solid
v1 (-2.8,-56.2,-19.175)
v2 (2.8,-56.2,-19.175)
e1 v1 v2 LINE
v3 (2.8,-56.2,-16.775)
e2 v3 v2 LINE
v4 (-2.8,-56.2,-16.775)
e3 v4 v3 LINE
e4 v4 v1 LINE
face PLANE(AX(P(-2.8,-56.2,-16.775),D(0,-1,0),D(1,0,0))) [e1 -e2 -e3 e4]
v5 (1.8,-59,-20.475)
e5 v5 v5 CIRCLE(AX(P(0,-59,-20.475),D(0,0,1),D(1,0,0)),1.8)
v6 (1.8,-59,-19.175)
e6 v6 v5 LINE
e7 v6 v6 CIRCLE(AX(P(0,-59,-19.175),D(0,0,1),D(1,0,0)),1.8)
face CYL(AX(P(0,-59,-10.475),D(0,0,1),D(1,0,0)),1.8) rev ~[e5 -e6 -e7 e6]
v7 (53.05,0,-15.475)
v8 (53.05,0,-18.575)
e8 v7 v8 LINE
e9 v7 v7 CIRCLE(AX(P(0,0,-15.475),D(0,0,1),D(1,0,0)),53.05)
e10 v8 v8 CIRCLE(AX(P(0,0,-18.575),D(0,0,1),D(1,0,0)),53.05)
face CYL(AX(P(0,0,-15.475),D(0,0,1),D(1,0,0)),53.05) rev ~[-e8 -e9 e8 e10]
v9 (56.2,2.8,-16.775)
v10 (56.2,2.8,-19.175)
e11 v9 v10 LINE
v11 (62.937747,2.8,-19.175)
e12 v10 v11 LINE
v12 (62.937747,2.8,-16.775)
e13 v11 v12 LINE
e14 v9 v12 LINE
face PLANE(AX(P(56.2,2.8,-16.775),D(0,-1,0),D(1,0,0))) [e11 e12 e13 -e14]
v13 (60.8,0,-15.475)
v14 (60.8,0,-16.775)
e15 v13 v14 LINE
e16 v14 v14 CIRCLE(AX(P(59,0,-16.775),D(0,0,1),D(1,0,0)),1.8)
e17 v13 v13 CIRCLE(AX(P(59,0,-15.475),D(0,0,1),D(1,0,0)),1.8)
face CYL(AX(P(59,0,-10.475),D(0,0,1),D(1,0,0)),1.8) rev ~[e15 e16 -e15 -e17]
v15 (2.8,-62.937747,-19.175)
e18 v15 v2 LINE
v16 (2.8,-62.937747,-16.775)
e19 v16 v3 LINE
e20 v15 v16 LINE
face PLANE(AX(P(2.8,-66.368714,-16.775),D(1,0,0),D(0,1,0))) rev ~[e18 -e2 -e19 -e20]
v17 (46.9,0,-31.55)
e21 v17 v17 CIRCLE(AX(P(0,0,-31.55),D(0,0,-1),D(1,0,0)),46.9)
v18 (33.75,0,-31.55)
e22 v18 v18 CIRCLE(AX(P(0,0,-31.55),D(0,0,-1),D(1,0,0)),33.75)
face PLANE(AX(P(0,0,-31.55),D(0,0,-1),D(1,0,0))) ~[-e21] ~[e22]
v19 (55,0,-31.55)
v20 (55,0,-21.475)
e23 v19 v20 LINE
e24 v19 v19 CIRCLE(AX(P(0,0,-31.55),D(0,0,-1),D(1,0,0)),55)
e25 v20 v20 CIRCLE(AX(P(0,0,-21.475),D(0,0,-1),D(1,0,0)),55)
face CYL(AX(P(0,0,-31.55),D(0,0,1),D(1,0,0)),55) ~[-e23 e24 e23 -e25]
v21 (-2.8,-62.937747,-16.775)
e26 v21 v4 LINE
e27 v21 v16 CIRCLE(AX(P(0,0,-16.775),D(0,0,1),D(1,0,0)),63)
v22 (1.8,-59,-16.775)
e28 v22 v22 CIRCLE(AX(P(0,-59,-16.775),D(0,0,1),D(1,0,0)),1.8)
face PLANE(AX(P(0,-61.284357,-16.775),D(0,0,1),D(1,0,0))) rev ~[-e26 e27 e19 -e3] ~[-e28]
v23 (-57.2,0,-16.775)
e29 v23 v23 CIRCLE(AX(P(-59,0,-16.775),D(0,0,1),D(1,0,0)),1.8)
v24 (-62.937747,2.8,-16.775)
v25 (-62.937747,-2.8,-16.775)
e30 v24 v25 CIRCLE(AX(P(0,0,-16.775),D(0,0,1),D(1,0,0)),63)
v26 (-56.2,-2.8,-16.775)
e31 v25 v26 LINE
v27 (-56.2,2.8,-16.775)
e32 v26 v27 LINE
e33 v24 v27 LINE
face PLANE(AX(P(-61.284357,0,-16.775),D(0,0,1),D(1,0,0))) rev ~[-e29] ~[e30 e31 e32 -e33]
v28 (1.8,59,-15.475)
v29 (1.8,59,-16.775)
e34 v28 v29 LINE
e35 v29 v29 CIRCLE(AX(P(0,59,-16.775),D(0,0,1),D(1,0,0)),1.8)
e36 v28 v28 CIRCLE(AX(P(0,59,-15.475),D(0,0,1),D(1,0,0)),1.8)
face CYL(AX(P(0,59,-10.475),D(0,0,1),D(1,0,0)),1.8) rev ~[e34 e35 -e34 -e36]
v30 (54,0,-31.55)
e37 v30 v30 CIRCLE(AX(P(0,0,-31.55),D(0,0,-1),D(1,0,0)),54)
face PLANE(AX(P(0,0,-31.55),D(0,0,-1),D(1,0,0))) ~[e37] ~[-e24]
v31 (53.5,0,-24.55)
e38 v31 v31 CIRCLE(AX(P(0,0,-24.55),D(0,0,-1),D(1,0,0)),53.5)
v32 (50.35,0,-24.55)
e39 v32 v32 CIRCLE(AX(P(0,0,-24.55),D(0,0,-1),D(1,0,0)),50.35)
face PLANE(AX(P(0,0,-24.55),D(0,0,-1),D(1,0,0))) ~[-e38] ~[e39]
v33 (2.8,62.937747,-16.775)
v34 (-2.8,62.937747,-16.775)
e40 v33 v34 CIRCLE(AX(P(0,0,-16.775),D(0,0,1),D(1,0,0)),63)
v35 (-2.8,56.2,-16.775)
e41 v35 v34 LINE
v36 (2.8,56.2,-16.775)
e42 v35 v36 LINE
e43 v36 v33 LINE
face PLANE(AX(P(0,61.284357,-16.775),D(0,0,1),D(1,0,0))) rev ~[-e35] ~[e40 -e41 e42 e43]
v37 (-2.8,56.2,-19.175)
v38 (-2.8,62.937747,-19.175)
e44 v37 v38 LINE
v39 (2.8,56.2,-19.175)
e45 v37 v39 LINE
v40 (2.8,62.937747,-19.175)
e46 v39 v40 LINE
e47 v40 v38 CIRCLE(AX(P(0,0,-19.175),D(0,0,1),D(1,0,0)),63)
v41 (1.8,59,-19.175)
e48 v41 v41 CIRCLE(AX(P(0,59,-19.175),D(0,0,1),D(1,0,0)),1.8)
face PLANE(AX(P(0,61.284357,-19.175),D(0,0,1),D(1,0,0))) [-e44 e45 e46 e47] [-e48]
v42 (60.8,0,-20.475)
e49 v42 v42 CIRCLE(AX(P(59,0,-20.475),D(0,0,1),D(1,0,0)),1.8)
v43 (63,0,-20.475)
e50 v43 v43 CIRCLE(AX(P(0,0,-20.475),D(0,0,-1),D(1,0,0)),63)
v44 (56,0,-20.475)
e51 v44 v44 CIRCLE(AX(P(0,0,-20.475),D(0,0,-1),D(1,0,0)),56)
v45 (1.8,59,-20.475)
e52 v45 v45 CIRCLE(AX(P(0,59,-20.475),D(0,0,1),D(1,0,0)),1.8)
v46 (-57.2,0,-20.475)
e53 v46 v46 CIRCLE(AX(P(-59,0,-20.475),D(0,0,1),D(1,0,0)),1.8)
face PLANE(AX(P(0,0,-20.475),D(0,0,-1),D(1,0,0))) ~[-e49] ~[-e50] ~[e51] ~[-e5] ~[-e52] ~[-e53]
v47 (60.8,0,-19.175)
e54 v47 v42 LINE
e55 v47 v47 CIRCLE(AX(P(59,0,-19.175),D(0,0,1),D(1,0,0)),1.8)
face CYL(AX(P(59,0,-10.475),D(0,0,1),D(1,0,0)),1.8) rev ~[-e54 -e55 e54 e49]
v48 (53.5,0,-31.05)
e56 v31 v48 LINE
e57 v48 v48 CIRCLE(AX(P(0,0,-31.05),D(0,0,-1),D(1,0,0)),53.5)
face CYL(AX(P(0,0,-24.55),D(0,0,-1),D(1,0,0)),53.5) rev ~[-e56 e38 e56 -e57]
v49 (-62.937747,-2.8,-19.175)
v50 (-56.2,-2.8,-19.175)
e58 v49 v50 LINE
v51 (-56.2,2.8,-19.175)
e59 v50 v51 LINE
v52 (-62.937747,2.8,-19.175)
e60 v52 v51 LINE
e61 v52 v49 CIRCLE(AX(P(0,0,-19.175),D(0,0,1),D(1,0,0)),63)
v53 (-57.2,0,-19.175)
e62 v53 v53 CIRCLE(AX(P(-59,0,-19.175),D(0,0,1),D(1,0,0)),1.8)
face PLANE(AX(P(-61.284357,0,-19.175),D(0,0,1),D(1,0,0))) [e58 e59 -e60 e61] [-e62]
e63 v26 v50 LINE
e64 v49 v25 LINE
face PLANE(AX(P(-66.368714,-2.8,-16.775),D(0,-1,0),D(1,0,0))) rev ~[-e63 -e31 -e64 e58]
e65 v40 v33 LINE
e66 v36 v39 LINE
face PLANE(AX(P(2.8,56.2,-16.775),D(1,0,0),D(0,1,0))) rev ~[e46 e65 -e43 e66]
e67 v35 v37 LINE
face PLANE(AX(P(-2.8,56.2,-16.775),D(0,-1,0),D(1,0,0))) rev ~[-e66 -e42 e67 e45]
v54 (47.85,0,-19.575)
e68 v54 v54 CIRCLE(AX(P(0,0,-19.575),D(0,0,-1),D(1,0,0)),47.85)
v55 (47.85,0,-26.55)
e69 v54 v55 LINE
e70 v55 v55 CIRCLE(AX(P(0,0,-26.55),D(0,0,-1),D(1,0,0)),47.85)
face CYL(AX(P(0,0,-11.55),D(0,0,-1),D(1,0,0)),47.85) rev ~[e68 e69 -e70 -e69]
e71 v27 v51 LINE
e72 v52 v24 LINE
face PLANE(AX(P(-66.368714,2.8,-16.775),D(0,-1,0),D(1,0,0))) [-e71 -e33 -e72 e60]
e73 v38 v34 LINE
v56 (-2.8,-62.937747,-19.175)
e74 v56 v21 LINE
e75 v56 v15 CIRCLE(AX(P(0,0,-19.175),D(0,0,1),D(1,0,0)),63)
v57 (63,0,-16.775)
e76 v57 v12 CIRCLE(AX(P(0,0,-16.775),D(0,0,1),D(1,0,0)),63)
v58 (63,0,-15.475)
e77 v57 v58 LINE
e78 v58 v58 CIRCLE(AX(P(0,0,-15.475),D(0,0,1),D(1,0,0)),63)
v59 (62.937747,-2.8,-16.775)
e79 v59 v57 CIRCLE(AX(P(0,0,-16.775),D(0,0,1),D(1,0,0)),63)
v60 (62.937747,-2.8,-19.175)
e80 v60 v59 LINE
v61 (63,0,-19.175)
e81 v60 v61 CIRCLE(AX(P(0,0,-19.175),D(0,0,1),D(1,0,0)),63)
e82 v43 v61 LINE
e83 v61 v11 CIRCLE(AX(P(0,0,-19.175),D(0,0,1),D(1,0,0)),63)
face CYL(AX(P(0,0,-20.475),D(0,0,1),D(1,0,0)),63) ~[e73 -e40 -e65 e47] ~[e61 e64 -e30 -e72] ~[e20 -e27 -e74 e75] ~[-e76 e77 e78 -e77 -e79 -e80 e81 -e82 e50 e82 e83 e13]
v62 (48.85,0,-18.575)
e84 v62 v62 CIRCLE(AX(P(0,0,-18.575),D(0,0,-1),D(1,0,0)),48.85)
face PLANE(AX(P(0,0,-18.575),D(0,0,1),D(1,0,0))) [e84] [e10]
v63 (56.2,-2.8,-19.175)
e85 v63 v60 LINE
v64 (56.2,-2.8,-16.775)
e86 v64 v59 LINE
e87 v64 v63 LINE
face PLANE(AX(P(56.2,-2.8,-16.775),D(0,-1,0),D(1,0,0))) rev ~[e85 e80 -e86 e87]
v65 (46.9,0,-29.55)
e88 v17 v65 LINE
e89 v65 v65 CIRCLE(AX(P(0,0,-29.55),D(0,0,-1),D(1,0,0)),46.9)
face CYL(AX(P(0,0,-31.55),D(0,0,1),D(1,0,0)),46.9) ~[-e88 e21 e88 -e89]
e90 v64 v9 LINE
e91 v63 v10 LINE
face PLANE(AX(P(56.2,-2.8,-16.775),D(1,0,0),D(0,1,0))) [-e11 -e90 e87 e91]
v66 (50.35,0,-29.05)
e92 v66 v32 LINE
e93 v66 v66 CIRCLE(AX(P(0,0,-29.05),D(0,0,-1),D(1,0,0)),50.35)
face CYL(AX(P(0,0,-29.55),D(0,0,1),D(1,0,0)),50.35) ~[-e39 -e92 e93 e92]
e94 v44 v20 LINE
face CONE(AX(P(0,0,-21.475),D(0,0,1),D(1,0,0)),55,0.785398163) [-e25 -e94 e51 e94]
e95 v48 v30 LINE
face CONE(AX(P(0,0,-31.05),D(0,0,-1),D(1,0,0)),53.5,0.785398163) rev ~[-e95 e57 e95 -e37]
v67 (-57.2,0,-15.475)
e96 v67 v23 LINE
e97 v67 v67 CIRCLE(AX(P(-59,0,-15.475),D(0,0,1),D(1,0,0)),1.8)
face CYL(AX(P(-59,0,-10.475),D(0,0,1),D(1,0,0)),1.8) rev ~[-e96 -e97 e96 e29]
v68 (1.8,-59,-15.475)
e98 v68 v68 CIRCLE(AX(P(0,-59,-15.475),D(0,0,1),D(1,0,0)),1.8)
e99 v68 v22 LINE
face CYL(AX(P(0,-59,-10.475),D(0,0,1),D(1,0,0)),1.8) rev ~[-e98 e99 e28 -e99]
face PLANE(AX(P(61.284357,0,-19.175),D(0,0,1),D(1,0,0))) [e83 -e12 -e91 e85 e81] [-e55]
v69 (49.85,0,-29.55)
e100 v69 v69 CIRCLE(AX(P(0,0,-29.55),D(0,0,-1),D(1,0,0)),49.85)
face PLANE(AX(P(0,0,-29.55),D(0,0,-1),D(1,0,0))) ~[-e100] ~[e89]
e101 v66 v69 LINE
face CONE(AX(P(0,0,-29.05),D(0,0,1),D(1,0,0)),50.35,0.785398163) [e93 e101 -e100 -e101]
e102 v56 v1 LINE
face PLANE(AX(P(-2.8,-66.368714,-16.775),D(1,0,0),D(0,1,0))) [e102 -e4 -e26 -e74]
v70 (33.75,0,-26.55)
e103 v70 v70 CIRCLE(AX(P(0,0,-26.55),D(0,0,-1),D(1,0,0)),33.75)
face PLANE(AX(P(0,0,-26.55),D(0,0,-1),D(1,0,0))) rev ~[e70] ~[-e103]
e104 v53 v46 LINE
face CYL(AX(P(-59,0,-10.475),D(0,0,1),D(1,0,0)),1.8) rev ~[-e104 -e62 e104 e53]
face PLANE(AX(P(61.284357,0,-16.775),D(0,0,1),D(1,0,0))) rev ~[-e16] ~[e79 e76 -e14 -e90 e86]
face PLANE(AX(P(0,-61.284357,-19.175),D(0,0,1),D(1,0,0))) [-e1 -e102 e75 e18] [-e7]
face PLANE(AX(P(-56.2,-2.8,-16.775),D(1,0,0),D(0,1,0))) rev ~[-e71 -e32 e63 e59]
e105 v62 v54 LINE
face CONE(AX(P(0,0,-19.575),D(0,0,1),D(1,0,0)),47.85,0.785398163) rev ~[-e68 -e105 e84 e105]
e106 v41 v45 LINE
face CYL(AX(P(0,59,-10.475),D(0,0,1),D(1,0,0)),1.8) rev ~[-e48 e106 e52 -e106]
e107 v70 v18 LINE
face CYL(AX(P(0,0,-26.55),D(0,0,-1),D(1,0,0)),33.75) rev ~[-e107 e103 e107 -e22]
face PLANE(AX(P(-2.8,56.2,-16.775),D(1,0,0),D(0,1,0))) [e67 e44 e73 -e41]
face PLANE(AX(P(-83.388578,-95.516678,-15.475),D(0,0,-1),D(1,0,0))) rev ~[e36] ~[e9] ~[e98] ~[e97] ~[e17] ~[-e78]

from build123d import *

# Parameters (mm, degrees)
SKETCH2_R               = 1.8
CUT_EXTRUDE1_DEPTH      = 10
SKETCH3_W               = 5.6
SKETCH3_H               = 10.691433847
CUT_EXTRUDE2_DEPTH      = 2.4
BOSS_EXTRUDE1_DEPTH     = 2.5
SKETCH5_R               = 1.8
CUT_EXTRUDE3_DEPTH      = 92.554113097
SKETCH6_W               = 5.6
SKETCH6_H               = 10.168713577
SKETCH6_W_2             = 10.168713577
SKETCH6_H_2             = 5.6
CUT_EXTRUDE4_DEPTH      = 2.4
CUT_EXTRUDE5_DEPTH      = 95.516678422
CUT_EXTRUDE5_DEPTH_BACK = 95.516678422
SKETCH7_W               = 158.937204397
SKETCH7_H               = 29.823360181
SKETCH8_R               = 53.05
CUT_EXTRUDE6_DEPTH      = 3.1
CHAMFER1_SIZE           = 1
CHAMFER3_SIZE           = 0.5
CHAMFER4_SIZE           = 0.5
CHAMFER5_SIZE           = 1


with BuildPart() as part:
    # Sketch1 → Revolve1 (revolve)
    with BuildSketch(Plane(origin=(0, 0, 0), x_dir=(1, 0, 0), z_dir=(0, 1, 0))):
        Polygon((43.05, 0), (43.05, 5.5), (40.025, 5.5), (40.025, 8.05), (33.75, 8.05), (33.75, 11.55), (47.85, 11.55), (47.85, 26.55), (33.75, 26.55), (33.75, 31.55), (46.9, 31.55), (46.9, 29.55), (50.35, 29.55), (50.35, 24.55), (53.5, 24.55), (53.5, 31.55), (55, 31.55), (55, 20.475), (63, 20.475), (63, 10.475), (55, 10.475), (55, 0), align=None)
    revolve(axis=Axis((0, 0, 39.851832449), (0, 0, -1)))

    # Sketch2 → Cut-Extrude1 (cut)
    with BuildSketch(Plane.XY):
        with Locations((0, 50)):
            Circle(SKETCH2_R)
        with Locations((43.301270189, 25)):
            Circle(SKETCH2_R)
        with Locations((43.301270189, -25)):
            Circle(SKETCH2_R)
        with Locations((0, -50)):
            Circle(SKETCH2_R)
        with Locations((-43.301270189, -25)):
            Circle(SKETCH2_R)
        with Locations((-43.301270189, 25)):
            Circle(SKETCH2_R)
    extrude(amount=-CUT_EXTRUDE1_DEPTH, mode=Mode.SUBTRACT)

    # Sketch3 → Cut-Extrude2 (cut)
    with BuildSketch(Plane.XY.offset(-5)):
        with Locations((0, 52.545716924)):
            Rectangle(SKETCH3_W, SKETCH3_H)
        Polygon((51.535452373, 26.520845793), (48.735452373, 31.370588054), (39.476399059, 26.024871131), (42.276399059, 21.175128869), align=None)
        Polygon((48.735452373, -31.370588054), (51.535452373, -26.520845793), (42.276399059, -21.175128869), (39.476399059, -26.024871131), align=None)
        with Locations((0, -52.545716924)):
            Rectangle(SKETCH3_W, SKETCH3_H)
        Polygon((-51.535452373, -26.520845793), (-48.735452373, -31.370588054), (-39.476399059, -26.024871131), (-42.276399059, -21.175128869), align=None)
        Polygon((-48.735452373, 31.370588054), (-51.535452373, 26.520845793), (-42.276399059, 21.175128869), (-39.476399059, 26.024871131), align=None)
    extrude(amount=-CUT_EXTRUDE2_DEPTH, mode=Mode.SUBTRACT)

    # Sketch4 → Boss-Extrude1 (add)
    with BuildSketch(Plane.XY.offset(-5.5)):
        with BuildLine():
            Line((-2.45, 42.980228012), (-2.45, 39.949945244))
            ThreePointArc((-2.45, 39.949945244), (0, 40.025), (2.45, 39.949945244))
            Line((2.45, 39.949945244), (2.45, 42.980228012))
            ThreePointArc((2.45, 42.980228012), (0, 43.05), (-2.45, 42.980228012))
        make_face()
    extrude(amount=BOSS_EXTRUDE1_DEPTH)

    # Sketch5 → Cut-Extrude3 (cut, through all)
    with BuildSketch(Plane.XY.offset(-10.475)):
        with Locations((0, 59)):
            Circle(SKETCH5_R)
        with Locations((59, 0)):
            Circle(SKETCH5_R)
        with Locations((0, -59)):
            Circle(SKETCH5_R)
        with Locations((-59, 0)):
            Circle(SKETCH5_R)
    extrude(amount=-CUT_EXTRUDE3_DEPTH, mode=Mode.SUBTRACT)

    # Sketch6 → Cut-Extrude4 (cut)
    with BuildSketch(Plane.XY.offset(-16.775)):
        with Locations((0, 61.284356789)):
            Rectangle(SKETCH6_W, SKETCH6_H)
        with Locations((61.284356789, 0)):
            Rectangle(SKETCH6_W_2, SKETCH6_H_2)
        with Locations((0, -61.284356789)):
            Rectangle(SKETCH6_W, SKETCH6_H)
        with Locations((-61.284356789, 0)):
            Rectangle(SKETCH6_W_2, SKETCH6_H_2)
    extrude(amount=-CUT_EXTRUDE4_DEPTH, mode=Mode.SUBTRACT)

    # Sketch7 → Cut-Extrude5 (cut, two sides: drawn at the far end of the back side and taken through both)
    with BuildSketch(Plane(origin=(0, 0, 0), x_dir=(1, 0, 0), z_dir=(0, 1, 0)).offset(-CUT_EXTRUDE5_DEPTH_BACK)):
        with Locations((-3.919975894, 0.56331991)):
            Rectangle(SKETCH7_W, SKETCH7_H)
    extrude(amount=CUT_EXTRUDE5_DEPTH + CUT_EXTRUDE5_DEPTH_BACK, mode=Mode.SUBTRACT)

    # Sketch8 → Cut-Extrude6 (cut)
    with BuildSketch(Plane.XY.offset(-15.475)):
        Circle(SKETCH8_R)
    extrude(amount=-CUT_EXTRUDE6_DEPTH, mode=Mode.SUBTRACT)

    # Chamfer1
    chamfer1_edges = [part.edges().sort_by_distance(p)[0] for p in [
        (-55, 0, -20.475),
    ]]
    chamfer(chamfer1_edges, length=CHAMFER1_SIZE)

    # Chamfer3
    chamfer3_edges = [part.edges().sort_by_distance(p)[0] for p in [
        (-50.35, 0, -29.55),
    ]]
    chamfer(chamfer3_edges, length=CHAMFER3_SIZE)

    # Chamfer4
    chamfer4_edges = [part.edges().sort_by_distance(p)[0] for p in [
        (-53.5, 0, -31.55),
    ]]
    chamfer(chamfer4_edges, length=CHAMFER4_SIZE)

    # Chamfer5
    chamfer5_edges = [part.edges().sort_by_distance(p)[0] for p in [
        (-47.85, 0, -18.575),
    ]]
    chamfer(chamfer5_edges, length=CHAMFER5_SIZE)


solid = part.part
